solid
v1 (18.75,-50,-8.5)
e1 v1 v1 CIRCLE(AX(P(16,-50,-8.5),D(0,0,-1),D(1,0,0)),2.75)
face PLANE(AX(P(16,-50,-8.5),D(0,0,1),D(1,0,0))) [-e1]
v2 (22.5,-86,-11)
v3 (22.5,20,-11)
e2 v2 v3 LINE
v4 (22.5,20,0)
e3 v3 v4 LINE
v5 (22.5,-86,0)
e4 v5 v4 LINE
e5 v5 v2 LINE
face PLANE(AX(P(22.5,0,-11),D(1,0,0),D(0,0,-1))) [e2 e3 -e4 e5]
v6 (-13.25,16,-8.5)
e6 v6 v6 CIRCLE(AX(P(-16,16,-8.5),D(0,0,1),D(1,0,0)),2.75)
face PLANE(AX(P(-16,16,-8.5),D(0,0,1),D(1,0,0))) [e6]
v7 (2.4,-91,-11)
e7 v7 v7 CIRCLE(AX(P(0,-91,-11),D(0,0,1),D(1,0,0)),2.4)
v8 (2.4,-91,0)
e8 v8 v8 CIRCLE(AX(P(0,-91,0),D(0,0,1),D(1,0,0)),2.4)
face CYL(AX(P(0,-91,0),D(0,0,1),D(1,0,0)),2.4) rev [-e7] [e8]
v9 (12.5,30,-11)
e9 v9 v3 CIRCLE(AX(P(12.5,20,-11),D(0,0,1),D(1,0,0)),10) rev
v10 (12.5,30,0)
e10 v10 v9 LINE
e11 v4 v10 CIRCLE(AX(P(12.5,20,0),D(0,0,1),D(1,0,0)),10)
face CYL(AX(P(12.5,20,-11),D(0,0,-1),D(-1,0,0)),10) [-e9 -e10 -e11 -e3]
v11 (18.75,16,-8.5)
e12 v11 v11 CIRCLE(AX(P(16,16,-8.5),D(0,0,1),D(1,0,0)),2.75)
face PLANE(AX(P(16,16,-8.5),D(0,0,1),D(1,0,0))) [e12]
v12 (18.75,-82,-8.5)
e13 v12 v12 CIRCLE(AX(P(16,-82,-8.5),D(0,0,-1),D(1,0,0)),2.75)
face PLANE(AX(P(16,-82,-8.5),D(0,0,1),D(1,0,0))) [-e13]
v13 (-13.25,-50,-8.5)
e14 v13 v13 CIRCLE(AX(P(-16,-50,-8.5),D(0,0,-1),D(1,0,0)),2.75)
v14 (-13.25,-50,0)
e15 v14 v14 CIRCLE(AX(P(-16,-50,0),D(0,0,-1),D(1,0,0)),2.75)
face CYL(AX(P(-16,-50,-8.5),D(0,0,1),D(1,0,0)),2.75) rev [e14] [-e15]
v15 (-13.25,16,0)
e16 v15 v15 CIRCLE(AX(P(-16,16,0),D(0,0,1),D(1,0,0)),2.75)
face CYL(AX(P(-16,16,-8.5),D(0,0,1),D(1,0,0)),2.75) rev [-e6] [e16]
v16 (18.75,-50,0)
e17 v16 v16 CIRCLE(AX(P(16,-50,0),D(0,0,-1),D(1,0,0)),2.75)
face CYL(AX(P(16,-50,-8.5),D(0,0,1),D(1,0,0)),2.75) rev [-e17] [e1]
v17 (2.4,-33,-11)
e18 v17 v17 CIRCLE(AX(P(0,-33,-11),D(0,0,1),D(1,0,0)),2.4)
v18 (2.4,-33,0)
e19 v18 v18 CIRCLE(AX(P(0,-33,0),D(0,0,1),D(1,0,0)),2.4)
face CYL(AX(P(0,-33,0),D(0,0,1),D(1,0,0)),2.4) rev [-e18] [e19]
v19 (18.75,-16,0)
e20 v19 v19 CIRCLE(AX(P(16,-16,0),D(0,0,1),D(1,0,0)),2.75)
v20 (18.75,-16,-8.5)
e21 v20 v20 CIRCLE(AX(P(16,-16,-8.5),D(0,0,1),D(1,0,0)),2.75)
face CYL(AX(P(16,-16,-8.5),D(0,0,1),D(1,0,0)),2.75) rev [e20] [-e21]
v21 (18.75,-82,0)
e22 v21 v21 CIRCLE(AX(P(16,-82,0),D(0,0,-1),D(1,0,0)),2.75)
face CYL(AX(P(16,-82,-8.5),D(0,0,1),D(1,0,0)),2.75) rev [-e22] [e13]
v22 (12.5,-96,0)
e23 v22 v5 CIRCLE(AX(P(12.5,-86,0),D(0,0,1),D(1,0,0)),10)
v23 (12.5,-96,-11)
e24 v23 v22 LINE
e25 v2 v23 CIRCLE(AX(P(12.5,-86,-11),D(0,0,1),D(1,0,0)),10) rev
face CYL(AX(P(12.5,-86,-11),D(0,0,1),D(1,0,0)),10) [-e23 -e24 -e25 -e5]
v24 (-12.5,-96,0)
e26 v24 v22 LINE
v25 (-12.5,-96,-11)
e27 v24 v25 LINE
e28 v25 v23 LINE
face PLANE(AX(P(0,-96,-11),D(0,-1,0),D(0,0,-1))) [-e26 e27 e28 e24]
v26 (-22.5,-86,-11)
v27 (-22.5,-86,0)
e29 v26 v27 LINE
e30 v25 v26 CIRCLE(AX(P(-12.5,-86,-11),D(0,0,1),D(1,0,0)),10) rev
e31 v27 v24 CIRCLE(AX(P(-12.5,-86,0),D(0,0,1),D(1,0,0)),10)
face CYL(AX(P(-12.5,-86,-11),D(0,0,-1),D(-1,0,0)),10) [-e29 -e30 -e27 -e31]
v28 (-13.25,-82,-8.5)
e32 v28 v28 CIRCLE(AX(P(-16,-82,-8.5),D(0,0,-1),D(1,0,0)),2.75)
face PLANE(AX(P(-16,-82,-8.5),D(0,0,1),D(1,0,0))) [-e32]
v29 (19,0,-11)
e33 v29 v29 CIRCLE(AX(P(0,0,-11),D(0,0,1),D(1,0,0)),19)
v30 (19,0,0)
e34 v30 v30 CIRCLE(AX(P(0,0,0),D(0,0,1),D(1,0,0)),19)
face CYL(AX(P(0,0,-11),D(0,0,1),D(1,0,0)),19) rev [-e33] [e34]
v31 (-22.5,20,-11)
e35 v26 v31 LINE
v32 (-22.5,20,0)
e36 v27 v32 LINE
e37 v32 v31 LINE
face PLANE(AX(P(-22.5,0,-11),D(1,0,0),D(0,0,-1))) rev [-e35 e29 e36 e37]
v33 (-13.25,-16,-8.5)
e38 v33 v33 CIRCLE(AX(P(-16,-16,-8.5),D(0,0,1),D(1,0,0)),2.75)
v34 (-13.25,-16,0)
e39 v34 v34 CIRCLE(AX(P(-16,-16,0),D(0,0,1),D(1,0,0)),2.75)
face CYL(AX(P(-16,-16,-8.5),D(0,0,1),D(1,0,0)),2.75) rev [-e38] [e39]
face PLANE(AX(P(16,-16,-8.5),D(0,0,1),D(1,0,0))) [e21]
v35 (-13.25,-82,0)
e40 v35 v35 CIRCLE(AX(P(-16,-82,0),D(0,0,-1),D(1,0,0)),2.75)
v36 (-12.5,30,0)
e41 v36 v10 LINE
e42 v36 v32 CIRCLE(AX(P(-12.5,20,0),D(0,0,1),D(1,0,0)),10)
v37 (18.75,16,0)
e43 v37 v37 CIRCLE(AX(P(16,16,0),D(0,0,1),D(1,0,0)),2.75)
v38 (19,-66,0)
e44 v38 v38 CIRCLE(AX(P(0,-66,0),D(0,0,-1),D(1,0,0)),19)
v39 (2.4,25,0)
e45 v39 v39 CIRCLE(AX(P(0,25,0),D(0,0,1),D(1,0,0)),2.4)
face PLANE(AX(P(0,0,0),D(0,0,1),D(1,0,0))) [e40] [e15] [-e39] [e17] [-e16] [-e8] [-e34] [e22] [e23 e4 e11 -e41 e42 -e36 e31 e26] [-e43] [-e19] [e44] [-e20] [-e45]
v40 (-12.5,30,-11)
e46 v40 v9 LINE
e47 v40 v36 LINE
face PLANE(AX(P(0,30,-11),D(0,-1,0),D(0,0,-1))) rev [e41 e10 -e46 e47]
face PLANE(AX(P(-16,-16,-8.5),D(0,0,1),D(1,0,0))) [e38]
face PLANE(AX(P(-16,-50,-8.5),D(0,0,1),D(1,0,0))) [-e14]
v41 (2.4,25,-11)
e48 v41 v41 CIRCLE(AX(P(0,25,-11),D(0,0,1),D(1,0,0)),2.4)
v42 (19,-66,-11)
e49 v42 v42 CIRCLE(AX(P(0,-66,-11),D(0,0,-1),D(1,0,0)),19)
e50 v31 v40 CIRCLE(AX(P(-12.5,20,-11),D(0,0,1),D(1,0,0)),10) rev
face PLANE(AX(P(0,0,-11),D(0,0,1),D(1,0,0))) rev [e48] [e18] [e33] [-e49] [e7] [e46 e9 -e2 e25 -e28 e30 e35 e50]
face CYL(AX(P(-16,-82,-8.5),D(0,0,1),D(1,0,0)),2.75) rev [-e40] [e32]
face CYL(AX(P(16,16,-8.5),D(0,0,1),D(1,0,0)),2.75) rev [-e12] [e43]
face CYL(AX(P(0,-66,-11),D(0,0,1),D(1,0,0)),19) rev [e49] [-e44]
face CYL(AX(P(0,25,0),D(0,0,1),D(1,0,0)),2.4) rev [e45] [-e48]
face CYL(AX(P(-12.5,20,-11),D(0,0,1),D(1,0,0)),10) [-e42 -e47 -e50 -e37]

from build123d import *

# Parameters (mm, degrees)
SKETCH1_W            = 45
SKETCH1_H            = 60
BOSS_EXTRUDE1_DEPTH  = 11
SKETCH6_R            = 2.75
CUT_EXTRUDE2_DEPTH   = 8.5
CUT_EXTRUDE3_DEPTH   = 40.080046059
SKETCH11_W           = 45
SKETCH11_H           = 11
BOSS_EXTRUDE2_DEPTH  = 6
M4_CLEARANCE_HOLE2_D = 4.8
FILLET1_R            = 10


with BuildPart() as part:
    # Sketch1 → Boss-Extrude1 (new body)
    with BuildSketch(Plane.XY):
        Rectangle(SKETCH1_W, SKETCH1_H)
    boss_extrude1 = extrude(amount=-BOSS_EXTRUDE1_DEPTH)

    # Sketch6 → Cut-Extrude2 (cut)
    with BuildSketch(Plane.XY):
        with Locations((-16, 16)):
            Circle(SKETCH6_R)
        with Locations((16, 16)):
            Circle(SKETCH6_R)
        with Locations((16, -16)):
            Circle(SKETCH6_R)
        with Locations((-16, -16)):
            Circle(SKETCH6_R)
    cut_extrude2 = extrude(amount=-CUT_EXTRUDE2_DEPTH, mode=Mode.SUBTRACT)

    # Sketch7 → Cut-Extrude3 (cut, through all)
    with BuildSketch(Plane.XY):
        with BuildLine():
            ThreePointArc((19, 0), (0, 19), (-19, 0))
            ThreePointArc((-19, 0), (0, -19), (19, 0))
        make_face()
    cut_extrude3 = extrude(amount=-CUT_EXTRUDE3_DEPTH, mode=Mode.SUBTRACT)

    # Sketch11 → Boss-Extrude2 (add)
    with BuildSketch(Plane.XZ.offset(30)):
        with Locations((0, -5.5)):
            Rectangle(SKETCH11_W, SKETCH11_H)
    extrude(amount=BOSS_EXTRUDE2_DEPTH)

    # Mirror1: Boss-Extrude1, Cut-Extrude2, Cut-Extrude3 across plane
    add(boss_extrude1.mirror(Plane(origin=(0, -33, 0), x_dir=(0, 0, 1), z_dir=(0, -1, 0))))
    add(cut_extrude2.mirror(Plane(origin=(0, -33, 0), x_dir=(0, 0, 1), z_dir=(0, -1, 0))), mode=Mode.SUBTRACT)
    add(cut_extrude3.mirror(Plane(origin=(0, -33, 0), x_dir=(0, 0, 1), z_dir=(0, -1, 0))), mode=Mode.SUBTRACT)

    # M4 Clearance Hole2 (through all)
    with Locations(Plane.XY):
        with Locations((0, -91), (0, -33), (0, 25)):
            Hole(M4_CLEARANCE_HOLE2_D / 2)

    # Fillet1
    fillet1_edges = [part.edges().sort_by_distance(p)[0] for p in [
        (22.5, -96, -5.5),
        (-22.5, -96, -5.5),
        (-22.5, 30, -5.5),
        (22.5, 30, -5.5),
    ]]
    fillet(fillet1_edges, radius=FILLET1_R)


solid = part.part
